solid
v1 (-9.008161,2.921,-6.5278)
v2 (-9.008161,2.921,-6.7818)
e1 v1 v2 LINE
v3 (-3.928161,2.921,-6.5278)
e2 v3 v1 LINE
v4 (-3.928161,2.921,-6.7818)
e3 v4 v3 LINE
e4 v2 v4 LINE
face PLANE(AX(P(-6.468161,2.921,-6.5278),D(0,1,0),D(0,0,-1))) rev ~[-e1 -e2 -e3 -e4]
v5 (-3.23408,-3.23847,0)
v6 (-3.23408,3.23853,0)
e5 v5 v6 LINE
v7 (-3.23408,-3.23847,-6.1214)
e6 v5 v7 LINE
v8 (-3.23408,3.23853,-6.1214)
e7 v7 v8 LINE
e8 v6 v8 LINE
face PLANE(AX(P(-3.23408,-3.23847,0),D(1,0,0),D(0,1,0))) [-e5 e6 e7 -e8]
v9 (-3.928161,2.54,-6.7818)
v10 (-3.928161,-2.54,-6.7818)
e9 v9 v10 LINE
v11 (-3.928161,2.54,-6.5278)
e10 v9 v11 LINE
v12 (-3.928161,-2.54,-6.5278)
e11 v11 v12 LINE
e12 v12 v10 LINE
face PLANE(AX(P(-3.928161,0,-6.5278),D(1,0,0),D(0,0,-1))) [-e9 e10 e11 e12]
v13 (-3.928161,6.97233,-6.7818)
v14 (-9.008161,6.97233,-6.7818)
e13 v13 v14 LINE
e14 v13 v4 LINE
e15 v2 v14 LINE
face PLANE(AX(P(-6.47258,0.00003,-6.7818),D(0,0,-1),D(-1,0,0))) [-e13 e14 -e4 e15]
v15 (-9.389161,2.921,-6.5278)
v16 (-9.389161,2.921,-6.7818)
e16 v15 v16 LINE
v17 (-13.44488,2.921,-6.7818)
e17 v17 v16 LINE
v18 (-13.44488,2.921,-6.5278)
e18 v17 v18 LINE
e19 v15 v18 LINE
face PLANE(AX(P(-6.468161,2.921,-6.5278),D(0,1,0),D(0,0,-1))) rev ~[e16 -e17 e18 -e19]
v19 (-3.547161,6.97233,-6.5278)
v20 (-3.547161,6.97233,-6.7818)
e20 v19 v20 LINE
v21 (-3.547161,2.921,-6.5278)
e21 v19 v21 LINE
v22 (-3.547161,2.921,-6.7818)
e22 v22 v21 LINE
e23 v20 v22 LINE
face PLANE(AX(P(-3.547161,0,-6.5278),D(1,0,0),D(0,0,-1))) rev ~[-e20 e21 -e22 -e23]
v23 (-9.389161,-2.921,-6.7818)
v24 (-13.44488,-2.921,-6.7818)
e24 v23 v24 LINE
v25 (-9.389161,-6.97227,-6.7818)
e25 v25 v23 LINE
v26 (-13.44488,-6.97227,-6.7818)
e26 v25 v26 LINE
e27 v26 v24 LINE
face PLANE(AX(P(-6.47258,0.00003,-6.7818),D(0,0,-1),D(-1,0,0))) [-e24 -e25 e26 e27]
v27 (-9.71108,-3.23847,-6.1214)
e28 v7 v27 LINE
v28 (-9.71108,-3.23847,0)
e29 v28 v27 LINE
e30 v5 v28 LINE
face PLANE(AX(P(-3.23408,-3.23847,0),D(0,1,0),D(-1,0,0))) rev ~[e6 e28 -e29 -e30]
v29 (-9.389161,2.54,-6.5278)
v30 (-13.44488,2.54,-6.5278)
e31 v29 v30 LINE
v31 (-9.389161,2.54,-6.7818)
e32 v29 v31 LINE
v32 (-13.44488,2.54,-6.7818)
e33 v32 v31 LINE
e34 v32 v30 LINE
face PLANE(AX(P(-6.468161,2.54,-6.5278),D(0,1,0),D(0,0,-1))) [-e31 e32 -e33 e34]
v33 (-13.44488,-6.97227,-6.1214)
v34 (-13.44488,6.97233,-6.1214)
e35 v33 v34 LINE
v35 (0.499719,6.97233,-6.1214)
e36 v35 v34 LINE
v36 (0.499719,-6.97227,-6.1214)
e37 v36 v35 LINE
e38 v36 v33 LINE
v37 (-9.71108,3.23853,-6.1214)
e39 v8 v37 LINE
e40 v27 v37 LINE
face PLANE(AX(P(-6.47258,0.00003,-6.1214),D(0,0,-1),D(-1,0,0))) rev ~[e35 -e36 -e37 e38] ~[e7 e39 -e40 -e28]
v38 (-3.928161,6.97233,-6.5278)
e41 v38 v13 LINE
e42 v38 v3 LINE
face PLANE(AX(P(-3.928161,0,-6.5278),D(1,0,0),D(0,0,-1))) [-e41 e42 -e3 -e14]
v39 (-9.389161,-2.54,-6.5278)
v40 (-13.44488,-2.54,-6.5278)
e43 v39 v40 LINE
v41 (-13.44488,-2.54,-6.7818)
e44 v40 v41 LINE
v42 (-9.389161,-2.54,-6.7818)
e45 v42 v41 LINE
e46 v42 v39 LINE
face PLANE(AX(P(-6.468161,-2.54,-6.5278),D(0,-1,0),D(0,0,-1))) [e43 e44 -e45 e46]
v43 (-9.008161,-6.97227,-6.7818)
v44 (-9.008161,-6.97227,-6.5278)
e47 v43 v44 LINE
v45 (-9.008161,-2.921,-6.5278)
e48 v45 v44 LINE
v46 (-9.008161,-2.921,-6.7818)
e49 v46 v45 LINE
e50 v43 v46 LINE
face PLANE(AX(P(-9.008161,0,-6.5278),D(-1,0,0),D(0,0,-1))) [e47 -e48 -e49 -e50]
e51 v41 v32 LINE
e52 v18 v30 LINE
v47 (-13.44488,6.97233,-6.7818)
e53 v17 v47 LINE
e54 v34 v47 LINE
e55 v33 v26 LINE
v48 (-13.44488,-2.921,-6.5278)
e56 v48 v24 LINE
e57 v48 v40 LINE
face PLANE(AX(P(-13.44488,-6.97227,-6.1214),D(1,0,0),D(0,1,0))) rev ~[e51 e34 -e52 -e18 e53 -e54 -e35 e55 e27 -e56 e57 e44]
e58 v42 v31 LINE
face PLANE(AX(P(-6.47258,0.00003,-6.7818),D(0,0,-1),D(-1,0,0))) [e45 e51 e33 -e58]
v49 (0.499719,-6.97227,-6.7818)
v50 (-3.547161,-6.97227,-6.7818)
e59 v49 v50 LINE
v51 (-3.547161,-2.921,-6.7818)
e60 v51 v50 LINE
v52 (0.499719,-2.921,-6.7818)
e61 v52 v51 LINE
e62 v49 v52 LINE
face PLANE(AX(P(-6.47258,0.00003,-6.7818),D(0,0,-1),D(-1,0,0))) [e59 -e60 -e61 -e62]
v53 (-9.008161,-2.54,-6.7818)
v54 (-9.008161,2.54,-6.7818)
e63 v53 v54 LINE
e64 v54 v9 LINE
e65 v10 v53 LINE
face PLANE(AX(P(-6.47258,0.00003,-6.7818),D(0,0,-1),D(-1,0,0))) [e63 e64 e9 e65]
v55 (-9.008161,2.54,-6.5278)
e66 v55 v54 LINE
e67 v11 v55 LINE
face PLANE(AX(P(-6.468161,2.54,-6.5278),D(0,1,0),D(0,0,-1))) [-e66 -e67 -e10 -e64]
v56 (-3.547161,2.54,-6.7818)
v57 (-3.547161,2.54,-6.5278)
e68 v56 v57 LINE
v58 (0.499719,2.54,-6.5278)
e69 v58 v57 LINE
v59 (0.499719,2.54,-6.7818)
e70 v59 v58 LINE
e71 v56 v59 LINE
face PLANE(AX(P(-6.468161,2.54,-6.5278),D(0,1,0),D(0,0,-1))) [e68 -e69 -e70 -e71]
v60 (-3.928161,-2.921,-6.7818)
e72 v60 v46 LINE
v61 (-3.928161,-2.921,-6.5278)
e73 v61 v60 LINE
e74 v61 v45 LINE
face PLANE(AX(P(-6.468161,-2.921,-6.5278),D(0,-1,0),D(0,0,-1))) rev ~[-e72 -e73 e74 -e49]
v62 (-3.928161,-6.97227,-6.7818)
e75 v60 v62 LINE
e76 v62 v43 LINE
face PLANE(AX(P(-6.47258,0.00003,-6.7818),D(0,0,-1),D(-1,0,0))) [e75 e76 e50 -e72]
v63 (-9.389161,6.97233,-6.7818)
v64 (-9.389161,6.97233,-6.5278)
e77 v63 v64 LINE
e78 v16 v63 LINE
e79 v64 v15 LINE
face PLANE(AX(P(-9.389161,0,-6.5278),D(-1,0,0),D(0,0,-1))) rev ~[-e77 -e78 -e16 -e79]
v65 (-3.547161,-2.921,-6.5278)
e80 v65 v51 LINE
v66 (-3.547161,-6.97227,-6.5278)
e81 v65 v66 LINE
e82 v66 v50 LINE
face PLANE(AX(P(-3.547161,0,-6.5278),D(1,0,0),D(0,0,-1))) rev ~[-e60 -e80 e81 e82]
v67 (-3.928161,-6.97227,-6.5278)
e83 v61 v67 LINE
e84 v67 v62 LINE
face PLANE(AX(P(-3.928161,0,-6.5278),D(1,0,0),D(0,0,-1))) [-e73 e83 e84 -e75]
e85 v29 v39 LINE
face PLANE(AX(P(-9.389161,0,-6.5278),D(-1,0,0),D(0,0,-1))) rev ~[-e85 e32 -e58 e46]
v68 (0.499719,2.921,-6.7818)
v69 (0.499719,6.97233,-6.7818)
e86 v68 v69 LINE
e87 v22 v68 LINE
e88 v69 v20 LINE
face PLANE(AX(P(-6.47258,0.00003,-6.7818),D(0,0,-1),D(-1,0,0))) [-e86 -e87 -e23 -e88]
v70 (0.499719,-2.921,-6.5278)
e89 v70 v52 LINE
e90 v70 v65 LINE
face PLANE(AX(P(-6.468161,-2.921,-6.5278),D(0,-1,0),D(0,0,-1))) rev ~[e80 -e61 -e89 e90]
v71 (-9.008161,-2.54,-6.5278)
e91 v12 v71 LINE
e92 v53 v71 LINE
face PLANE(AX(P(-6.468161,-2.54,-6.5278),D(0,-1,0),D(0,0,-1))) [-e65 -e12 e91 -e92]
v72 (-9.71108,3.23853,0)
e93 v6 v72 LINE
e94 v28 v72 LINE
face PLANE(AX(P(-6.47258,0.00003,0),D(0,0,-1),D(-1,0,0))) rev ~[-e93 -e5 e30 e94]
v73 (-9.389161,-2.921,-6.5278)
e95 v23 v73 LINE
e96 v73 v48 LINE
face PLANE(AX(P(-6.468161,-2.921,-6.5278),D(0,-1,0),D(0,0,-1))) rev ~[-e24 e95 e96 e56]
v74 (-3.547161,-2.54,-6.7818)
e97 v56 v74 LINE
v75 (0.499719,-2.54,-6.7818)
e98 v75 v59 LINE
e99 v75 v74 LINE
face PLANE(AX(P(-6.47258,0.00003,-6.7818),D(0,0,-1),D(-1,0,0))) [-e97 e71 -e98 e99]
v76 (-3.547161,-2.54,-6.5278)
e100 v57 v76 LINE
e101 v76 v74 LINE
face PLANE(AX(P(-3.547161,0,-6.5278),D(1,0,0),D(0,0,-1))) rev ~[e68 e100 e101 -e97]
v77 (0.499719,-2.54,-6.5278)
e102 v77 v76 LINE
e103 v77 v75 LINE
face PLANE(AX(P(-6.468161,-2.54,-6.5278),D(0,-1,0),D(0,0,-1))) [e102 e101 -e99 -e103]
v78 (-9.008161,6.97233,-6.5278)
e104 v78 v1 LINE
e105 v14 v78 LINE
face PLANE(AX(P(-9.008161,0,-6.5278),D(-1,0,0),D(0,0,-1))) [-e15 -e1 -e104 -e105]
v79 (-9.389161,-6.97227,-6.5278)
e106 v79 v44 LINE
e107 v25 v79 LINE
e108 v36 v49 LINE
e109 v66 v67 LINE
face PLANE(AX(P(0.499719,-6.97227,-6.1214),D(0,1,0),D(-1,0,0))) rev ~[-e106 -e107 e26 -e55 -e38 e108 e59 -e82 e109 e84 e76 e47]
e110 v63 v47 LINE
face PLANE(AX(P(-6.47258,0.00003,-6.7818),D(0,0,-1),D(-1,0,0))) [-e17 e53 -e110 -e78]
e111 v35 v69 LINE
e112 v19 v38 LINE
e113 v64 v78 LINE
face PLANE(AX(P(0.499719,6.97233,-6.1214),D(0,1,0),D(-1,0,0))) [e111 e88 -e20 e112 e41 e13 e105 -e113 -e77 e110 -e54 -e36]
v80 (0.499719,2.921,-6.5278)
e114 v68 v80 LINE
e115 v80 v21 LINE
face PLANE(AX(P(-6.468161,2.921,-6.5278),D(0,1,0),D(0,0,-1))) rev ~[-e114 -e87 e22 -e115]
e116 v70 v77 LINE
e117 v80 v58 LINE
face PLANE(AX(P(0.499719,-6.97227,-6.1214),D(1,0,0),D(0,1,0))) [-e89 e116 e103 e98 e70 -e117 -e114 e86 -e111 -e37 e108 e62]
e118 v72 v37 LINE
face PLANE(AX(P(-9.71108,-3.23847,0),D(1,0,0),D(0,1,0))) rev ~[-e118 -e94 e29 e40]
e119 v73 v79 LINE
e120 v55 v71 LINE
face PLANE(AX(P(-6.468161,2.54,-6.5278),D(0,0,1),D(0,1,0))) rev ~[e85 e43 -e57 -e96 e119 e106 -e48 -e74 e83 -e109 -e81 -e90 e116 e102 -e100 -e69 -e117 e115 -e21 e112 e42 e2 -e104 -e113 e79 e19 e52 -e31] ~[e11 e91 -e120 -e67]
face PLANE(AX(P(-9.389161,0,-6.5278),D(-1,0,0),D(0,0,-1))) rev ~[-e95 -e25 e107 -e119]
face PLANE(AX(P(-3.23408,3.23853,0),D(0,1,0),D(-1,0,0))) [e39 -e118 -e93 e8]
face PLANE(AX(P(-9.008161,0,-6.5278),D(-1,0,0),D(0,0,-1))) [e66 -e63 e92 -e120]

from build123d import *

# Parameters (mm, degrees)
F0_W     = 6.477
F0_H     = 6.477
F1_DEPTH = 6.477
F4_START = 6.1214
F3_W     = 13.9445995965
F3_H     = 13.9445995965
F4_DEPTH = 0.6604
F5_W     = 0.381
F5_H     = 0.8794372982
F6_DEPTH = 12.7
F7_W     = 0.381
F7_H     = 1.3506091439
F8_DEPTH = 12.7
F9_ANGLE = 180


with BuildPart() as f1:
    # F0 (on Top) → F1 (new body)
    with BuildSketch(Plane.XY):
        with Locations((-9.8426504992, 11.6166997607)):
            Rectangle(F0_W, F0_H)
    extrude(amount=F1_DEPTH)


with BuildPart() as f1_1:
    # F2: moved
    add(f1.part.moved(Location((9.84707, -11.61667, 0))))

    # F3 (on Top) → F4 (join)
    with BuildSketch(Plane.XY.offset(F4_START)):
        with Locations((0.0044195008, 2.97607e-05)):
            Rectangle(F3_W, F3_H)
    extrude(amount=F4_DEPTH)

    # F5 (on Front) → F6 (cut, symmetric)
    with BuildSketch(Plane.XZ):
        with Locations((-2.7305, 6.9675186491)):
            Rectangle(F5_W, F5_H)
        with Locations((2.7305, 6.9675186491)):
            Rectangle(F5_W, F5_H)
    extrude(amount=F6_DEPTH, both=True, mode=Mode.SUBTRACT)

    # F7 (on Right) → F8 (cut, symmetric)
    with BuildSketch(Plane.YZ):
        with Locations((-2.7305, 7.203104572)):
            Rectangle(F7_W, F7_H)
        with Locations((2.7305, 7.203104572)):
            Rectangle(F7_W, F7_H)
    extrude(amount=F8_DEPTH, both=True, mode=Mode.SUBTRACT)


with BuildPart() as f1_2:
    # F9: moved
    add(f1_1.part.rotate(Axis((-3.2340804992, 2.97607e-05, 0), (0, -1, 0)), F9_ANGLE))


solid = f1_2.part
